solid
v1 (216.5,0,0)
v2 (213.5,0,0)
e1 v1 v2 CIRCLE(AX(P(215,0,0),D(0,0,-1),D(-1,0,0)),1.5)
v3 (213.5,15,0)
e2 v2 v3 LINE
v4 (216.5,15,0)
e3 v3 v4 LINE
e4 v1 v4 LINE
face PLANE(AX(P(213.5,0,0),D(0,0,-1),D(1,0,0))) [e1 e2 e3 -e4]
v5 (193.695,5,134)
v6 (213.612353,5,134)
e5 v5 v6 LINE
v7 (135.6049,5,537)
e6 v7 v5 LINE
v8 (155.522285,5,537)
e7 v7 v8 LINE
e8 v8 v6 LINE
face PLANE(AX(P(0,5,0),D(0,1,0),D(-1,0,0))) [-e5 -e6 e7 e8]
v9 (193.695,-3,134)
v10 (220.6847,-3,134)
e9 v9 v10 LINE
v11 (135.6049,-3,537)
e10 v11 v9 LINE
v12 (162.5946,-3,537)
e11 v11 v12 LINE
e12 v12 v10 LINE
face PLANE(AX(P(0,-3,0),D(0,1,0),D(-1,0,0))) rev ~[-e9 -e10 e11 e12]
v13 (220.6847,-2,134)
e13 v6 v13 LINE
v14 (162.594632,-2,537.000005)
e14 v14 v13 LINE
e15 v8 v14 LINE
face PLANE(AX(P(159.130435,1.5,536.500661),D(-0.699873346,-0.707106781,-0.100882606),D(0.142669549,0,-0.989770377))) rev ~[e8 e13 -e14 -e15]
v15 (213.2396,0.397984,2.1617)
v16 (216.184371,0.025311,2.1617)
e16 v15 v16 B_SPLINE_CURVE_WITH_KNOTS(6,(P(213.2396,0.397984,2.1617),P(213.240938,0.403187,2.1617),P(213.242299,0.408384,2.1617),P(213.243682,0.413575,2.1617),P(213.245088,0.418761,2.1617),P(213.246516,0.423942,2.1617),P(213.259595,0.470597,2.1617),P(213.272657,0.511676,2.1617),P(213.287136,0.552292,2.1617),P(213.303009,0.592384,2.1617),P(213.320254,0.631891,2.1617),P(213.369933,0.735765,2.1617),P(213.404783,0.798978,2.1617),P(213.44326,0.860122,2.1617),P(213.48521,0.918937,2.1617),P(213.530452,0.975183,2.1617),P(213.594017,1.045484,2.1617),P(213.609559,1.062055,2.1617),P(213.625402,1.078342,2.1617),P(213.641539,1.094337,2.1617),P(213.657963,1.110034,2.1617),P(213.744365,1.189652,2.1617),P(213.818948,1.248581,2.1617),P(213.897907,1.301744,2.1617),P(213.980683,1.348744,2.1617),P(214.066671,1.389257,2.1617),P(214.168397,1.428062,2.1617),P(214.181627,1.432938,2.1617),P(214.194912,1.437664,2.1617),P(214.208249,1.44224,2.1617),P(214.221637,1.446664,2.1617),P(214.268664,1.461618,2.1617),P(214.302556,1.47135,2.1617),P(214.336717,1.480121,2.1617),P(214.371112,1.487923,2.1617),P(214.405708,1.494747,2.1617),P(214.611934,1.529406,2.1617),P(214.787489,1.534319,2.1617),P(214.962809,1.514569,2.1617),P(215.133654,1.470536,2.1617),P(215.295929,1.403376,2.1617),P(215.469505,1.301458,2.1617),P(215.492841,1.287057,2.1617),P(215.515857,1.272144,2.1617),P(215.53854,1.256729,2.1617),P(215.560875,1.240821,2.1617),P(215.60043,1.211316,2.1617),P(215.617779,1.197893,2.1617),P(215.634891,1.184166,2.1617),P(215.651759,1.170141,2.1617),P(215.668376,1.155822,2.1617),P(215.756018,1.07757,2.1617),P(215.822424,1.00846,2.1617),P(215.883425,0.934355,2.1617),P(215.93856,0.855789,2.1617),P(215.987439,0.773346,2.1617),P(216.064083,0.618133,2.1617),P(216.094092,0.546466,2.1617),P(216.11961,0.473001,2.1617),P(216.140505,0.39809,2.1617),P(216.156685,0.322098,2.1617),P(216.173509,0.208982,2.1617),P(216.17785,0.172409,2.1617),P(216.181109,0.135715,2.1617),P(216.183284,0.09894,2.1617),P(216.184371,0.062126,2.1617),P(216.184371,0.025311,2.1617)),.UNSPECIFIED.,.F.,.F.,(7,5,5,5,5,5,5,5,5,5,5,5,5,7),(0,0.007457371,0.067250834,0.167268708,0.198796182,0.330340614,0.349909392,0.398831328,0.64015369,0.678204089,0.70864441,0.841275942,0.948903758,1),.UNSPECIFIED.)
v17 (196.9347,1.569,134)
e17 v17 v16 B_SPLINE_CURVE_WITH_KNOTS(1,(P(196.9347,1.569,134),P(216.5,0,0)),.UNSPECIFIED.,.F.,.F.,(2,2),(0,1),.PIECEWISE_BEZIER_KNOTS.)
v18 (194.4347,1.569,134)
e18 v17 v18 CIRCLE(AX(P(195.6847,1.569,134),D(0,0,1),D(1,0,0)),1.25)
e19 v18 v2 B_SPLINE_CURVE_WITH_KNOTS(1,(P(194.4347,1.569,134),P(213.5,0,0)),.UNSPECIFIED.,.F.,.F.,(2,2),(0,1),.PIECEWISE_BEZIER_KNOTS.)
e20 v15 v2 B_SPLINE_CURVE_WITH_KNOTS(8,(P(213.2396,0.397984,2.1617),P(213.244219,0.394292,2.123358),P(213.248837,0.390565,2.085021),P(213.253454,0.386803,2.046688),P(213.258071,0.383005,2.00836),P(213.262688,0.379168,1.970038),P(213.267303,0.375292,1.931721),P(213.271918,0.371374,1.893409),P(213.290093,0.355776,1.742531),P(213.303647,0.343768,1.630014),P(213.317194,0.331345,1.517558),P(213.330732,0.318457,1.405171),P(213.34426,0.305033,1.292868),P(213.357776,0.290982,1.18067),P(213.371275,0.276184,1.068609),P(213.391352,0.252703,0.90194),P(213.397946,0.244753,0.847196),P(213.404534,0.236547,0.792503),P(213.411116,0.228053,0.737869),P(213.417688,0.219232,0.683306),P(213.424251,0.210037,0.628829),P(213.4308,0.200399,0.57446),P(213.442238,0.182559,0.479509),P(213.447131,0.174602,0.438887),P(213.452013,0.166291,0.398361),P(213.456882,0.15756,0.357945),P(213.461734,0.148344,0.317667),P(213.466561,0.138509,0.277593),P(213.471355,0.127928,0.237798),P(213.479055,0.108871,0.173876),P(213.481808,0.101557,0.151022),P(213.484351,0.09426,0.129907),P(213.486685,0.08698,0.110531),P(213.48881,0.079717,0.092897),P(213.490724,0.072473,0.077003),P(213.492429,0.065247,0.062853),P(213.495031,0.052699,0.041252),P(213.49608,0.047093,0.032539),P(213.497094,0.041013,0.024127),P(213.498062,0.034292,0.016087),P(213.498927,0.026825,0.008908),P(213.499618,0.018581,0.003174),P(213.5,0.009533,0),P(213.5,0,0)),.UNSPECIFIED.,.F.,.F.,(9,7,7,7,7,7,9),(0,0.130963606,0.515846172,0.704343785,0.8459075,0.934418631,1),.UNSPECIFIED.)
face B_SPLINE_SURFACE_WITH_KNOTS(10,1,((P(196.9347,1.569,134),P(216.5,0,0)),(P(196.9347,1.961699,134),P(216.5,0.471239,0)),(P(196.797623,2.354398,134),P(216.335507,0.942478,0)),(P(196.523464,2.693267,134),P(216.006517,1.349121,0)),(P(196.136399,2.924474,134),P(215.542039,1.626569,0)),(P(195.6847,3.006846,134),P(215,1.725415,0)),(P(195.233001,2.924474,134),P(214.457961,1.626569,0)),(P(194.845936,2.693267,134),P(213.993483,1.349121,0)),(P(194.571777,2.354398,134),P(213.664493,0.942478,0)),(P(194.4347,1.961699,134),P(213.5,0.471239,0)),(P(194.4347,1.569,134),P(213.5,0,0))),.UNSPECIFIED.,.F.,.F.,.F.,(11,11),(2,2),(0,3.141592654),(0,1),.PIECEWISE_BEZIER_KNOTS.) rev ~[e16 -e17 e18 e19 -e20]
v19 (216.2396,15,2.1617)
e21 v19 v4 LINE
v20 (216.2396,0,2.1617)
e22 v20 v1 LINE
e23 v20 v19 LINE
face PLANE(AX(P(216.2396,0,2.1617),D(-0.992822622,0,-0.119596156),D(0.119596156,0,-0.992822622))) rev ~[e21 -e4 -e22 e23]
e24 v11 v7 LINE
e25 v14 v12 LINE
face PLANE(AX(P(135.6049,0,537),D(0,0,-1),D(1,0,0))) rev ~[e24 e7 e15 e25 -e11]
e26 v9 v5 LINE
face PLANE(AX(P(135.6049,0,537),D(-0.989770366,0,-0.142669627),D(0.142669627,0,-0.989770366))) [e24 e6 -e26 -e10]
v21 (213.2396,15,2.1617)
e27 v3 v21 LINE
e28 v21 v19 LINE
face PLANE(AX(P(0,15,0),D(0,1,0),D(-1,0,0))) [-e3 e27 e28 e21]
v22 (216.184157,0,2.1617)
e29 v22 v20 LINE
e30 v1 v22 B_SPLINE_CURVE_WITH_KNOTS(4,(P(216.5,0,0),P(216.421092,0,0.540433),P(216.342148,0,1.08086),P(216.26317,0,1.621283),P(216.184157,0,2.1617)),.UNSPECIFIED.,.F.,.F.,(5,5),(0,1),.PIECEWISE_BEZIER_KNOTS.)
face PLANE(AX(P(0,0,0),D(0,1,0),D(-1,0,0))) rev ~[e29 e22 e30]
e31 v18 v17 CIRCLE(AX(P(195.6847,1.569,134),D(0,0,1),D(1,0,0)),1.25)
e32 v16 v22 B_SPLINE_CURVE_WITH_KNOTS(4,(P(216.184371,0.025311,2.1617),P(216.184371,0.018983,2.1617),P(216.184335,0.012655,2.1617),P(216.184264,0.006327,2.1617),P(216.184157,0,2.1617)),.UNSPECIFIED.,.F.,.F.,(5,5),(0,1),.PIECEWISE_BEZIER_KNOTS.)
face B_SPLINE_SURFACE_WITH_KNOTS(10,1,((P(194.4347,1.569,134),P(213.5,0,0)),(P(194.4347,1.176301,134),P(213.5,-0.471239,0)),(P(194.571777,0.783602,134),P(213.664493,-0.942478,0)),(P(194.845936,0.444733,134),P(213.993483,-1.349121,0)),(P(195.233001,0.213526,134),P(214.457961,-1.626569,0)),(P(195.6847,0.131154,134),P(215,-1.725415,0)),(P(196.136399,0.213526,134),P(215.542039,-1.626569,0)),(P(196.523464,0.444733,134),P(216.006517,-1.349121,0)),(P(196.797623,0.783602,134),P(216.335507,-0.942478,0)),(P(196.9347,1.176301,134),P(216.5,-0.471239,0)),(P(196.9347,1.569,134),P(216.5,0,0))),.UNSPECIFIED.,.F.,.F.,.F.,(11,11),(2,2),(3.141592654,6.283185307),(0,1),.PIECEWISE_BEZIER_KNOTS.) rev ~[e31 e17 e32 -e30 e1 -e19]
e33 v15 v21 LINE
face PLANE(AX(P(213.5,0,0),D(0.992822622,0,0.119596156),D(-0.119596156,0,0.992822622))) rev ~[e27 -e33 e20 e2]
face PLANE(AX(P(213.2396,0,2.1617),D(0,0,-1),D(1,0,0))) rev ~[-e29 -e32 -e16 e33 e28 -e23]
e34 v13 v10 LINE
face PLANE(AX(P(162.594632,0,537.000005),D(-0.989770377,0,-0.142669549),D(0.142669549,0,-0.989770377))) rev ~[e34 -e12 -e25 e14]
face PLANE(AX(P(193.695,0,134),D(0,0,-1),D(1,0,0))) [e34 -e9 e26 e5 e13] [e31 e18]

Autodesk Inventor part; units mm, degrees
sketch "Sketch1" plane through (0, 0, 0) normal (0, 0, 1) x (1, 0, 0)
  line L0 (0, 0) -> (240, 0)
  line L1 (240, 1.3) -> (240, -1.3)
  line L2 (0, 0) -> (0, 11.6325) construction
  line L3 (0, 11.6325) -> (63.9666, 39.9868) construction
  line L4 (63.9666, 39.9868) -> (240, 1.3) construction
  spline S0 degree 3 poles (0, 0) (0, 11.6325) (63.9666, 39.9868) (240, 1.3) knots 1 1 1 1 2 2 2 2
  line L5 (0, 0) -> (-1.5698, -20.1343) construction
  line L6 (-1.5698, -20.1343) -> (240, -1.3) construction
  spline S1 degree 2 poles (0, 0) (-1.5698, -20.1343) (240, -1.3) knots 1 1 1 2 2 2
  line L7 (10, 0) -> (10, 9.15)
  line L8 (10, 0) -> (10, -6.78)
  line L9 (90, 0) -> (90, 21.9)
  line L10 (90, 0) -> (90, -10.42)
  dimension "d0" = 240
  dimension "d1" = 2.6
  dimension "d2" = 10
  dimension "d3" = 90
  dimension "d4" = 9.15
  dimension "d5" = 6.78
  dimension "d6" = 21.9
  dimension "d7" = 10.42
sketch "Sketch2" plane through (0, 0, 0) normal (0, 1, 0) x (-1, 0, 0)
  line L0 (0, 0) -> (0, 555)
  line L1 (0, 555) -> (-160, 555)
  line L2 (-160, 555) -> (-240, 0)
  dimension "d8" = 555
  dimension "d9" = 160
ref_plane "Work Plane2" through (0, 0, 555) normal (0, 0, 1) x (1, 0, 0)
ref_plane "Work Plane4" through (120.002, 10.5253, 0) normal (0, 0, -1) x (-1, 0, 0)
ref_plane "Work Plane5" through (88, -10.0773, 0) normal (0, 0, -1) x (-1, 0, 0)
ref_plane "Work Plane3" through (240, -1.3, 0) normal (0, 0, -1) x (-1, 0, 0)
ref_plane "Work Plane6" through (192.6847, -3.2567, 134) normal (0, 0, 1) x (1, 0, 0)
sketch "Sketch8" plane through (192.6847, -3.2567, 134) normal (0, 0, 1) x (1, 0, 0)
  circle A0 centre (3, 4.8257) radius 1.25
  line L0 (0, 9.6514) -> (0, 0) projected
  point P0 (-192.6847, 3.2567)
  point P1 (0, 4.8257)
  dimension "d36" = 2.5
  dimension "d37" = 3
  dimension "d38" = 9.6514
sketch "Sketch9" plane through (240, -1.3, 0) normal (0, 0, -1) x (-1, 0, 0)
  circle A0 centre (25, 1.3) radius 1.5
  line L0 (0, 0) -> (0, 2.6) projected
  point P0 (240, 1.3)
  point P1 (0, 1.3)
  point P2 (0, 1.3)
  dimension "d39" = 25
  dimension "d40" = 3
loft "Loft2" add profiles "Sketch8", "Sketch9"
sketch "Sketch10" plane through (0, 0, 0) normal (0, 1, 0) x (-1, 0, 0)
  line L0 (-192.6847, 134) -> (-220.6847, 134) projected
  line L1 (-134.1622, 540) -> (-192.6847, 134) projected
  line L2 (-162.1622, 540) -> (-134.1622, 540) projected
  line L3 (-162.1622, 540) -> (-220.6847, 134)
  line L4 (-134.5946, 537) -> (-162.5946, 537)
  line L5 (-135.6049, 537) -> (-193.695, 134)
  point P0 (0, 0)
  point P1 (-220.2523, 137)
  point P2 (-193.2626, 137)
  dimension "d58" = 3
  dimension "d59" = 1
extrude "Extrusion4" add sketch "Sketch10" along normal blind 5 and the other way blind 3 contours L0 L3 L4 L5
chamfer "Chamfer1" distance 7 angle 45 1 edges at (191.6396, 5, 335.5)
sketch "Sketch13" plane through (0, 0, 0) normal (0, 1, 0) x (-1, 0, 0)
  line L0 (-196.9347, 134) -> (-194.4347, 134) projected
  line L1 (-213.5, 0) -> (-216.5, 0) projected
  line L2 (-213.5, 0) -> (-216.5, 0) projected
  line L3 (-213.5, 0) -> (-213.2396, 2.1617)
  line L4 (-213.2396, 2.1617) -> (-216.2396, 2.1617)
  line L5 (-216.2396, 2.1617) -> (-216.5, 0)
  point P0 (0, 0)
extrude "Extrusion5" add sketch "Sketch13" along normal blind 15
sketch "Sketch14" plane through (0, 0, 0) normal (0, 1, 0) x (-1, 0, 0)
  line L0 (-192.6847, 134) -> (-134.1622, 540) projected
  line L1 (-192.6847, 134) -> (-213.5, -10.4063)
  line L2 (-210.5, 0) -> (-216.5, 0) projected
  line L3 (-195.7157, 134) -> (-137.1932, 540) projected
  point P0 (0, 0)
  point P1 (-213.5, 0)
  point P2 (-215.031, 0)
  dimension "d56" = 3
properties part number "ALA"
